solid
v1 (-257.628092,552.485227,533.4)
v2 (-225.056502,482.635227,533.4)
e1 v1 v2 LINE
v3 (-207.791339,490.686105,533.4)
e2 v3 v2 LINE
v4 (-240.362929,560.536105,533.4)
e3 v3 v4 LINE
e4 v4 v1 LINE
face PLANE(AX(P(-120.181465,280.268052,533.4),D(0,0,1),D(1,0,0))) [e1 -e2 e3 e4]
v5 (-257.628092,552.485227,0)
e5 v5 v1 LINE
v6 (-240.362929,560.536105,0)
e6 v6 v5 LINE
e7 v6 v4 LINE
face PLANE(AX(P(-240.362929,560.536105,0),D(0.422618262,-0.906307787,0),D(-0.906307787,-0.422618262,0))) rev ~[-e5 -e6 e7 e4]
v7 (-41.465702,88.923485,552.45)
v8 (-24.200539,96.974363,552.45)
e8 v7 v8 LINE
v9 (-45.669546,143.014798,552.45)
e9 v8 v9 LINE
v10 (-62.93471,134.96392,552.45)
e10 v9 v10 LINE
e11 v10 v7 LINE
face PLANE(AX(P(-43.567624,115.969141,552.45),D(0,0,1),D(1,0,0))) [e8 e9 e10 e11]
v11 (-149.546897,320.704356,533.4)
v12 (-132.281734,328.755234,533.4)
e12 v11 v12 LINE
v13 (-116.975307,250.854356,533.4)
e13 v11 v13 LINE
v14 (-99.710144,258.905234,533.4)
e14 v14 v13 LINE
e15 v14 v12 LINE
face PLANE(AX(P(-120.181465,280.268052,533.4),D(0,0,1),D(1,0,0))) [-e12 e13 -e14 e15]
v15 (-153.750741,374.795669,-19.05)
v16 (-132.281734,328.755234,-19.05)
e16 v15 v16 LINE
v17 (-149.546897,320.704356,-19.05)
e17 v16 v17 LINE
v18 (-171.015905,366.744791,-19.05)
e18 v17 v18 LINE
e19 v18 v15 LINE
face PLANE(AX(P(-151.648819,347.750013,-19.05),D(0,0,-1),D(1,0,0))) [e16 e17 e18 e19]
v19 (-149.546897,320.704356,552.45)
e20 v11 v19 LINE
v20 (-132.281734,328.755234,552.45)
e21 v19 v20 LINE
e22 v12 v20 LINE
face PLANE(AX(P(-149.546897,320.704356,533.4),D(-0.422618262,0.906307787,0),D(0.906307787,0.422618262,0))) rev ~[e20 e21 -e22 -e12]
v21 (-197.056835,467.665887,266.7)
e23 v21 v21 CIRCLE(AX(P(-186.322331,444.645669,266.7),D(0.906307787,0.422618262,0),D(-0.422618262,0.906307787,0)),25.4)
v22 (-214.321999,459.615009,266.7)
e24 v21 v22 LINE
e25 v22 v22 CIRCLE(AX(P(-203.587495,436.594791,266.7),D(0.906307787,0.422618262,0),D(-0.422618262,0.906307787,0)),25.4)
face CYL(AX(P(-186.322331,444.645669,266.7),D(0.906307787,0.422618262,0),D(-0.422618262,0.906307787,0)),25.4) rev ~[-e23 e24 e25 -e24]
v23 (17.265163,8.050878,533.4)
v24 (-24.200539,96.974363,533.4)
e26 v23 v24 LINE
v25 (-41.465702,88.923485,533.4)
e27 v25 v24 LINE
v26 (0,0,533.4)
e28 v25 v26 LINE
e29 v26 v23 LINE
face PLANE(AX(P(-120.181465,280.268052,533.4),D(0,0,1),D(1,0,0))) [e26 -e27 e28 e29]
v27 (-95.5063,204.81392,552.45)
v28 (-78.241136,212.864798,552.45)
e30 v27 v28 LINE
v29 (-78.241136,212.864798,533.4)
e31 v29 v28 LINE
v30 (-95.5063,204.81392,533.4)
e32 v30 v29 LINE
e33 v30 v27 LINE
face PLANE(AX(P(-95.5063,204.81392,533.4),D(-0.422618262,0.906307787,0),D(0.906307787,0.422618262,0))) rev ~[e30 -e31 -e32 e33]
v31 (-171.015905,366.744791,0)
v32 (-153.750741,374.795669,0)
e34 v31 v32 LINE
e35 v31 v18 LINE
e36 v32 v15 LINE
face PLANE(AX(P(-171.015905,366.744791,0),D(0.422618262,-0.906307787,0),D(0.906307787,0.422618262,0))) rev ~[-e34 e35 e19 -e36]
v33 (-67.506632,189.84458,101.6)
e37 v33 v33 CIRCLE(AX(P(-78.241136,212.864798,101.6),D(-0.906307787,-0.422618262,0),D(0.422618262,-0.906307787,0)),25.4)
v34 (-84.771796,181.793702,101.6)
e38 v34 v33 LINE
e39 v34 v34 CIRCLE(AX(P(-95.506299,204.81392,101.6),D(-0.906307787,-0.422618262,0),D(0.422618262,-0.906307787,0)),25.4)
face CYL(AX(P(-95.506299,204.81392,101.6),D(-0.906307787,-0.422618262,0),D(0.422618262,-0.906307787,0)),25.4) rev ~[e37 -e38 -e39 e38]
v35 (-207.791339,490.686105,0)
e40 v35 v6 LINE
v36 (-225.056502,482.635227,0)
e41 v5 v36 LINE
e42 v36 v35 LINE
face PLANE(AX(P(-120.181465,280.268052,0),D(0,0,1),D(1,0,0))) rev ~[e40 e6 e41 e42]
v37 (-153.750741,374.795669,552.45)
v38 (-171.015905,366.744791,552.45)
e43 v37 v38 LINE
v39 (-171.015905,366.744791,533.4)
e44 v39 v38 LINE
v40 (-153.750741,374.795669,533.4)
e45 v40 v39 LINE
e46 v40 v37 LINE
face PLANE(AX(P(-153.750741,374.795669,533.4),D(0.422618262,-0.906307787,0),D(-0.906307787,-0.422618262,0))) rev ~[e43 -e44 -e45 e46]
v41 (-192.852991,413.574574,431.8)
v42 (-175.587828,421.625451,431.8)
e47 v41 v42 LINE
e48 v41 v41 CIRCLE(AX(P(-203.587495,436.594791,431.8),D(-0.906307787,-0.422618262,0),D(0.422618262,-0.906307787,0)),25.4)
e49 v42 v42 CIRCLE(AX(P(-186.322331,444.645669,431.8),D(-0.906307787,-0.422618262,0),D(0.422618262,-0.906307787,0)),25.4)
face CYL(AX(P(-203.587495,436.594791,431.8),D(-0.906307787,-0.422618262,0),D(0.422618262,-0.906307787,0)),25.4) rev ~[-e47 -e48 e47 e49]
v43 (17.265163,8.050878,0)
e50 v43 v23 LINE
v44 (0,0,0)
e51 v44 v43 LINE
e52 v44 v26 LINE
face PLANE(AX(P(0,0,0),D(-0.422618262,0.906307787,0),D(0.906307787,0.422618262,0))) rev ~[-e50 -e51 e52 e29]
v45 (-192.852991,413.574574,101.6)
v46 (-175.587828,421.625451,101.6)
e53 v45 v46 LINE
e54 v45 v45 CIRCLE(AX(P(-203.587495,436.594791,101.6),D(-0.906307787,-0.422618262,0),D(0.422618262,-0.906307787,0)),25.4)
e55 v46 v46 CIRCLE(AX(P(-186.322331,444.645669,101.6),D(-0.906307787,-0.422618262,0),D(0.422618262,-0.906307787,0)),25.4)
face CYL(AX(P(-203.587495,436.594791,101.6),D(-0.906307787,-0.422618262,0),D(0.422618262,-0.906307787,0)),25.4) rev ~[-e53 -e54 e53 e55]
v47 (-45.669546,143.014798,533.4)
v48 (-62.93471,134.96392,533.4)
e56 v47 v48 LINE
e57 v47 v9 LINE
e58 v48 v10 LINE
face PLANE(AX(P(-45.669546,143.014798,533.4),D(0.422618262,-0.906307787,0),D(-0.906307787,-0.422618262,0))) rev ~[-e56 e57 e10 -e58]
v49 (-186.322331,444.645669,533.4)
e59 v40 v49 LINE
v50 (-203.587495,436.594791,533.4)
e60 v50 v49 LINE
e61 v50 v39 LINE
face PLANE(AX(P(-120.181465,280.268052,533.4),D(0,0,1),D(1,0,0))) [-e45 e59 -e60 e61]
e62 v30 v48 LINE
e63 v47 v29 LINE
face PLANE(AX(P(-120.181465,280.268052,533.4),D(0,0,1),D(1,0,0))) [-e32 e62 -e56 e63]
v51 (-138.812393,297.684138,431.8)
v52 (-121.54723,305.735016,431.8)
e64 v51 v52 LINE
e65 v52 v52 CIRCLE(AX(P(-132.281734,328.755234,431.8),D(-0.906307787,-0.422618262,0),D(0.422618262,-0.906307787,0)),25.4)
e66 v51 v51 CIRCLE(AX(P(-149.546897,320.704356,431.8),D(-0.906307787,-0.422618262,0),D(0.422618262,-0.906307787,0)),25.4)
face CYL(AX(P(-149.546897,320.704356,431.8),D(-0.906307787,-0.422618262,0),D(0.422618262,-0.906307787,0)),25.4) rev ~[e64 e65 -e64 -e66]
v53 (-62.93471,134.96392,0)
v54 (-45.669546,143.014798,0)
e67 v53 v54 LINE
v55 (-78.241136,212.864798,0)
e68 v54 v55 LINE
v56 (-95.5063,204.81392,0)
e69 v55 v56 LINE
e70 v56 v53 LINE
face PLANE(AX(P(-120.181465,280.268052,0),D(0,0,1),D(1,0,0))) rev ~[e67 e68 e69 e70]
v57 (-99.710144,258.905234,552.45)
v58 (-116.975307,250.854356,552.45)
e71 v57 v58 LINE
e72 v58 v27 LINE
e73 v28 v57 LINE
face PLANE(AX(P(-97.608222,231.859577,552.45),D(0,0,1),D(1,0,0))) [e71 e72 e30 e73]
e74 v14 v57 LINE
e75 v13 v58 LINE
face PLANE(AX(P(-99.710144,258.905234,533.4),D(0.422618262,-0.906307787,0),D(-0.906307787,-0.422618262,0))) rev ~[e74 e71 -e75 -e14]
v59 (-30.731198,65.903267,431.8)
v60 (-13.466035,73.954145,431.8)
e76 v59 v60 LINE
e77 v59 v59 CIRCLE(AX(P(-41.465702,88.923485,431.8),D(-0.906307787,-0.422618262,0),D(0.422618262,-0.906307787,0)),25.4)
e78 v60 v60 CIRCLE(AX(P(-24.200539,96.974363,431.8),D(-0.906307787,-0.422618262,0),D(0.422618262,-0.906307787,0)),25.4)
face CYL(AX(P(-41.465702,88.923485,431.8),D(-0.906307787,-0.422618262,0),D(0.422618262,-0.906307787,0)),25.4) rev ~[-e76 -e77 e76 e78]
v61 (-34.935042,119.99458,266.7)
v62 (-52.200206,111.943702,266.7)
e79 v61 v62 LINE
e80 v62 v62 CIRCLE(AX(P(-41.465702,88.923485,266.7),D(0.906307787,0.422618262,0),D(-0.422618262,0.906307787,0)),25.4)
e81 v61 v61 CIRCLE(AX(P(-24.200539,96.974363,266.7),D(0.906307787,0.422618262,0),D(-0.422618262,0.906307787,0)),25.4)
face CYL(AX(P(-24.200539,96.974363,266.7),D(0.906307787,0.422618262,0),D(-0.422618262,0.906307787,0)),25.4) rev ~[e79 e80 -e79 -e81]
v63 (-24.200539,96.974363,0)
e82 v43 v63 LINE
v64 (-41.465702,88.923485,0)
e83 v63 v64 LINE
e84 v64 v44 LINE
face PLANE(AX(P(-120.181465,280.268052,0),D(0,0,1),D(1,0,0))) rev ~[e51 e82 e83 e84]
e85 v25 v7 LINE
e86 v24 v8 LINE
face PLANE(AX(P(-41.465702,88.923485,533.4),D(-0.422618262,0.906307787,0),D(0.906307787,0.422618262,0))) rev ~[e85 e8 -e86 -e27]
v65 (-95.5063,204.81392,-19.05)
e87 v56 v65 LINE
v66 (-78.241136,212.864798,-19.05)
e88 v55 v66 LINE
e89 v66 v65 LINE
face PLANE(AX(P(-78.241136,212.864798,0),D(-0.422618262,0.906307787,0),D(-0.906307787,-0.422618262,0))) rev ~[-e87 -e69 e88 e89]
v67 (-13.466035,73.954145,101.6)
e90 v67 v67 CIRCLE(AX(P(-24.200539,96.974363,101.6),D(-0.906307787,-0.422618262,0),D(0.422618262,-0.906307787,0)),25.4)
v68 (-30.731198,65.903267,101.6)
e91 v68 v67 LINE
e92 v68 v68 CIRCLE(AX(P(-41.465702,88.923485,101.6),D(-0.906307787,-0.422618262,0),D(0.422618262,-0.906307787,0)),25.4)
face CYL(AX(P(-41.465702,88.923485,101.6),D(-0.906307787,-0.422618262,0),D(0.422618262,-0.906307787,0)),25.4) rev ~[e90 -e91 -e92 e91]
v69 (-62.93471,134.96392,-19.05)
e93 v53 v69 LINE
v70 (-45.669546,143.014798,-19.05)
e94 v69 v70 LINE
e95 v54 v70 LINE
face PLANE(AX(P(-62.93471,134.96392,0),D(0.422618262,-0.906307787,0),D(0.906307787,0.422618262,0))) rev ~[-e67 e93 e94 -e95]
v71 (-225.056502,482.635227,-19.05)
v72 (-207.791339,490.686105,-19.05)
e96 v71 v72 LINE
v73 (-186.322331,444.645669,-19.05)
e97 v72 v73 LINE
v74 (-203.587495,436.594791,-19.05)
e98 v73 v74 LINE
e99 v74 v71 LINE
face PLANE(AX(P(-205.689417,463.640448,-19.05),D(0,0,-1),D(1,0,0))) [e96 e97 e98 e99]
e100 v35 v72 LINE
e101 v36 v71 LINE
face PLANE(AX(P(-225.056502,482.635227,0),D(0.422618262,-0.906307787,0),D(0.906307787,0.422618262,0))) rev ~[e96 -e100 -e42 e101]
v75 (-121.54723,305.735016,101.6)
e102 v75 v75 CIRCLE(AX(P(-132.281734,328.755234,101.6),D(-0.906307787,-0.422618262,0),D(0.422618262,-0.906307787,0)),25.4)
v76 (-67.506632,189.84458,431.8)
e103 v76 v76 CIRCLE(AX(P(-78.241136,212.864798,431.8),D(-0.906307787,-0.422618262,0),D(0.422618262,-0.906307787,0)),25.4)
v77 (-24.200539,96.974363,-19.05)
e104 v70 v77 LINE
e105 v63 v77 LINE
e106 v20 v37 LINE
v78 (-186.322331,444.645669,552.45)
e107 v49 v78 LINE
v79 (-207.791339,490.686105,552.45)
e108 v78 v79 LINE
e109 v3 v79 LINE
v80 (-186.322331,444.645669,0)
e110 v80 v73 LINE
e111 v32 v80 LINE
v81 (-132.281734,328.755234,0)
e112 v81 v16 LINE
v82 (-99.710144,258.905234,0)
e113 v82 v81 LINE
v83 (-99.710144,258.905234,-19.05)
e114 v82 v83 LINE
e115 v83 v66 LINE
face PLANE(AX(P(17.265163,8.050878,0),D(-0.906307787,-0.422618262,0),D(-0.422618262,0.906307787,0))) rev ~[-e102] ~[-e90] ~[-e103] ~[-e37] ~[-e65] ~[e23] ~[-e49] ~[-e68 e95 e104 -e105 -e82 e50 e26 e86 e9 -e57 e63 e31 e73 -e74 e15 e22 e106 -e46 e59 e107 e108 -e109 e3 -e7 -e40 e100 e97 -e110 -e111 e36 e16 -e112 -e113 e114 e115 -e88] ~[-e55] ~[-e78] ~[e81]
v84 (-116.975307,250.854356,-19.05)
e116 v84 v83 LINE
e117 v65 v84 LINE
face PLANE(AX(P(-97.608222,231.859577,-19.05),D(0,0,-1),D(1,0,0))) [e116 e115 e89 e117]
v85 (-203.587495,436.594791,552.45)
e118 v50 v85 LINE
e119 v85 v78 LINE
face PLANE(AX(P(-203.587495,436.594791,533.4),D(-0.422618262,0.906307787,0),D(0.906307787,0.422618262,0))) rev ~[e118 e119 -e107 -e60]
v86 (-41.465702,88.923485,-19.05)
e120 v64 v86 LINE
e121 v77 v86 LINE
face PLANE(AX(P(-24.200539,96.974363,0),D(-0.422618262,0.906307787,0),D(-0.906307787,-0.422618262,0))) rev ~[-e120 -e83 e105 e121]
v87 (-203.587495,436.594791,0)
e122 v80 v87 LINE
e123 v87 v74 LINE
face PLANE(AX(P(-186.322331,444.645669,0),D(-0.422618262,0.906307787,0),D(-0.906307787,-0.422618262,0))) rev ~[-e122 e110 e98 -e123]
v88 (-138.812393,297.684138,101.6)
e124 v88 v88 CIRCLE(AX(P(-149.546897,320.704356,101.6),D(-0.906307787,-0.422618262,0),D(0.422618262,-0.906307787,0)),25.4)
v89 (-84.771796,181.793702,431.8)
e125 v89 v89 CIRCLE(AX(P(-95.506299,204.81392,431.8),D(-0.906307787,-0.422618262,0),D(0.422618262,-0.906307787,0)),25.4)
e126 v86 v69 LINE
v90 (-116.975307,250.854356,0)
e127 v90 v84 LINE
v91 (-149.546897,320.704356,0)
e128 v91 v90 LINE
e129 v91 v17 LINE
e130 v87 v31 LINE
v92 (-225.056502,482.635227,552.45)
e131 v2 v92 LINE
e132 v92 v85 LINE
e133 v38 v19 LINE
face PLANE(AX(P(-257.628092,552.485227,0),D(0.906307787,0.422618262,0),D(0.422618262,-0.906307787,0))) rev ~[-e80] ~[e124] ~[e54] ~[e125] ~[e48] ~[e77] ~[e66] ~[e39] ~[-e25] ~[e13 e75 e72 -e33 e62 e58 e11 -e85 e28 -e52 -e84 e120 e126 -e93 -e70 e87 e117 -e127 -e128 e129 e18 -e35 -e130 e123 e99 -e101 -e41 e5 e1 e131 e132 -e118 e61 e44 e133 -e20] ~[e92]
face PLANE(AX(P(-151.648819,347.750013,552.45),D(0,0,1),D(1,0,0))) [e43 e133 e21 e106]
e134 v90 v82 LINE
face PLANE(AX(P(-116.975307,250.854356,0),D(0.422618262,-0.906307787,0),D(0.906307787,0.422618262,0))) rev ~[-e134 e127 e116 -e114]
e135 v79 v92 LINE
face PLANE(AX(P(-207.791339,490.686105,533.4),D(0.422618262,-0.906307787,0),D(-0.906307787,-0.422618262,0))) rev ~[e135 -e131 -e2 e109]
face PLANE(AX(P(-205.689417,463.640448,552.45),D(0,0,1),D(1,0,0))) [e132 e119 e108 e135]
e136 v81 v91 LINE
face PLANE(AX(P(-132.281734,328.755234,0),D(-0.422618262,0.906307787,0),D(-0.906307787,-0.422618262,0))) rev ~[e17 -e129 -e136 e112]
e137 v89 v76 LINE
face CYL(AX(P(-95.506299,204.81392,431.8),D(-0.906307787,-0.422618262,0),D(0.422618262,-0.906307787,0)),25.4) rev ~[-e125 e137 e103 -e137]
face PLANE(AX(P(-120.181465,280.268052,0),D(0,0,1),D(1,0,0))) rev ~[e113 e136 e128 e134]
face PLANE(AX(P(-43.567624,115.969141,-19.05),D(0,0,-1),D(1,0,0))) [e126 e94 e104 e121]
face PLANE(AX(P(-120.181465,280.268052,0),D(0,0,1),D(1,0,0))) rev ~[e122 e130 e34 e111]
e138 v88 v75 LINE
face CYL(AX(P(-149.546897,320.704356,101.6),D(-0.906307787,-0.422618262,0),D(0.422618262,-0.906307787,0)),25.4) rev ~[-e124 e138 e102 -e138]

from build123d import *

# Parameters (mm, degrees)
F1_DEPTH  = 533.4
F3_DEPTH  = 19.05
F5_DEPTH  = 19.05
F7_R      = 25.4
F8_DEPTH  = 19.05
F9_R      = 25.4
F10_DEPTH = 25.4


with BuildPart() as f1:
    # F0 (on Top) → F1 (new body)
    with BuildSketch(Plane.XY):
        Polygon((-257.6280923571, 552.4852269775), (0, 0), (17.265163343, 8.0508778862), (-240.3629290141, 560.5361048637), align=None)
    extrude(amount=F1_DEPTH)

    # F2 (on face) → F3 (join)
    with BuildSketch(Plane(origin=(0, 0, 0), x_dir=(1, 0, 0), z_dir=(0, 0, -1))):
        Polygon((-225.056502435, -482.6352269775), (-207.791339092, -490.6861048637), (-186.3223313955, -444.6456692822), (-203.5874947386, -436.5947913961), align=None)
        Polygon((-171.0159048164, -366.7447913961), (-153.7507414734, -374.7956692822), (-132.281733777, -328.7552337008), (-149.54689712, -320.7043558146), align=None)
        Polygon((-116.9753071979, -250.8543558146), (-99.7101438548, -258.9052337008), (-78.2411361584, -212.8647981193), (-95.5062995015, -204.8139202332), align=None)
        Polygon((-62.9347095793, -134.9639202332), (-45.6695462363, -143.0147981193), (-24.2005385399, -96.9743625379), (-41.4657018829, -88.9234846517), align=None)
    extrude(amount=F3_DEPTH)

    # F4 (on face) → F5 (join)
    with BuildSketch(Plane.XY.offset(533.4)):
        Polygon((-207.791339092, 490.6861048637), (-225.056502435, 482.6352269775), (-203.5874947386, 436.5947913961), (-186.3223313955, 444.6456692822), align=None)
        Polygon((-171.0159048164, 366.7447913961), (-149.54689712, 320.7043558146), (-132.281733777, 328.7552337008), (-153.7507414734, 374.7956692822), align=None)
        Polygon((-78.2411361584, 212.8647981193), (-99.7101438548, 258.9052337008), (-116.9753071979, 250.8543558146), (-95.5062995015, 204.8139202332), align=None)
        Polygon((-24.2005385399, 96.9743625379), (-45.6695462363, 143.0147981193), (-62.9347095793, 134.9639202332), (-41.4657018829, 88.9234846517), align=None)
    extrude(amount=F5_DEPTH)

    # F7 (on face) → F8 (cut)
    with BuildSketch(Plane(origin=(0, 0, 0), x_dir=(0.4226182617, -0.906307787, 0), z_dir=(-0.906307787, -0.4226182617, 0))):
        with Locations((-98.1162094419, 431.8)):
            Circle(F7_R)
        with Locations((-98.1162094419, 101.6)):
            Circle(F7_R)
        with Locations((-353.8581047209, 101.6)):
            Circle(F7_R)
        with Locations((-481.7290523605, 101.6)):
            Circle(F7_R)
        with Locations((-225.9871570814, 101.6)):
            Circle(F7_R)
        with Locations((-225.9871570814, 431.8)):
            Circle(F7_R)
        with Locations((-353.8581047209, 431.8)):
            Circle(F7_R)
        with Locations((-481.7290523605, 431.8)):
            Circle(F7_R)
    extrude(amount=-F8_DEPTH, mode=Mode.SUBTRACT)

    # F9 (on face) → F10 (cut)
    with BuildSketch(Plane(origin=(17.265163343, 8.0508778862, 0), x_dir=(-0.4226182617, 0.906307787, 0), z_dir=(0.906307787, 0.4226182617, 0))):
        with Locations((481.7290523605, 266.7)):
            Circle(F9_R)
        with Locations((98.1162094419, 266.7)):
            Circle(F9_R)
    extrude(amount=-F10_DEPTH, mode=Mode.SUBTRACT)


solid = f1.part
